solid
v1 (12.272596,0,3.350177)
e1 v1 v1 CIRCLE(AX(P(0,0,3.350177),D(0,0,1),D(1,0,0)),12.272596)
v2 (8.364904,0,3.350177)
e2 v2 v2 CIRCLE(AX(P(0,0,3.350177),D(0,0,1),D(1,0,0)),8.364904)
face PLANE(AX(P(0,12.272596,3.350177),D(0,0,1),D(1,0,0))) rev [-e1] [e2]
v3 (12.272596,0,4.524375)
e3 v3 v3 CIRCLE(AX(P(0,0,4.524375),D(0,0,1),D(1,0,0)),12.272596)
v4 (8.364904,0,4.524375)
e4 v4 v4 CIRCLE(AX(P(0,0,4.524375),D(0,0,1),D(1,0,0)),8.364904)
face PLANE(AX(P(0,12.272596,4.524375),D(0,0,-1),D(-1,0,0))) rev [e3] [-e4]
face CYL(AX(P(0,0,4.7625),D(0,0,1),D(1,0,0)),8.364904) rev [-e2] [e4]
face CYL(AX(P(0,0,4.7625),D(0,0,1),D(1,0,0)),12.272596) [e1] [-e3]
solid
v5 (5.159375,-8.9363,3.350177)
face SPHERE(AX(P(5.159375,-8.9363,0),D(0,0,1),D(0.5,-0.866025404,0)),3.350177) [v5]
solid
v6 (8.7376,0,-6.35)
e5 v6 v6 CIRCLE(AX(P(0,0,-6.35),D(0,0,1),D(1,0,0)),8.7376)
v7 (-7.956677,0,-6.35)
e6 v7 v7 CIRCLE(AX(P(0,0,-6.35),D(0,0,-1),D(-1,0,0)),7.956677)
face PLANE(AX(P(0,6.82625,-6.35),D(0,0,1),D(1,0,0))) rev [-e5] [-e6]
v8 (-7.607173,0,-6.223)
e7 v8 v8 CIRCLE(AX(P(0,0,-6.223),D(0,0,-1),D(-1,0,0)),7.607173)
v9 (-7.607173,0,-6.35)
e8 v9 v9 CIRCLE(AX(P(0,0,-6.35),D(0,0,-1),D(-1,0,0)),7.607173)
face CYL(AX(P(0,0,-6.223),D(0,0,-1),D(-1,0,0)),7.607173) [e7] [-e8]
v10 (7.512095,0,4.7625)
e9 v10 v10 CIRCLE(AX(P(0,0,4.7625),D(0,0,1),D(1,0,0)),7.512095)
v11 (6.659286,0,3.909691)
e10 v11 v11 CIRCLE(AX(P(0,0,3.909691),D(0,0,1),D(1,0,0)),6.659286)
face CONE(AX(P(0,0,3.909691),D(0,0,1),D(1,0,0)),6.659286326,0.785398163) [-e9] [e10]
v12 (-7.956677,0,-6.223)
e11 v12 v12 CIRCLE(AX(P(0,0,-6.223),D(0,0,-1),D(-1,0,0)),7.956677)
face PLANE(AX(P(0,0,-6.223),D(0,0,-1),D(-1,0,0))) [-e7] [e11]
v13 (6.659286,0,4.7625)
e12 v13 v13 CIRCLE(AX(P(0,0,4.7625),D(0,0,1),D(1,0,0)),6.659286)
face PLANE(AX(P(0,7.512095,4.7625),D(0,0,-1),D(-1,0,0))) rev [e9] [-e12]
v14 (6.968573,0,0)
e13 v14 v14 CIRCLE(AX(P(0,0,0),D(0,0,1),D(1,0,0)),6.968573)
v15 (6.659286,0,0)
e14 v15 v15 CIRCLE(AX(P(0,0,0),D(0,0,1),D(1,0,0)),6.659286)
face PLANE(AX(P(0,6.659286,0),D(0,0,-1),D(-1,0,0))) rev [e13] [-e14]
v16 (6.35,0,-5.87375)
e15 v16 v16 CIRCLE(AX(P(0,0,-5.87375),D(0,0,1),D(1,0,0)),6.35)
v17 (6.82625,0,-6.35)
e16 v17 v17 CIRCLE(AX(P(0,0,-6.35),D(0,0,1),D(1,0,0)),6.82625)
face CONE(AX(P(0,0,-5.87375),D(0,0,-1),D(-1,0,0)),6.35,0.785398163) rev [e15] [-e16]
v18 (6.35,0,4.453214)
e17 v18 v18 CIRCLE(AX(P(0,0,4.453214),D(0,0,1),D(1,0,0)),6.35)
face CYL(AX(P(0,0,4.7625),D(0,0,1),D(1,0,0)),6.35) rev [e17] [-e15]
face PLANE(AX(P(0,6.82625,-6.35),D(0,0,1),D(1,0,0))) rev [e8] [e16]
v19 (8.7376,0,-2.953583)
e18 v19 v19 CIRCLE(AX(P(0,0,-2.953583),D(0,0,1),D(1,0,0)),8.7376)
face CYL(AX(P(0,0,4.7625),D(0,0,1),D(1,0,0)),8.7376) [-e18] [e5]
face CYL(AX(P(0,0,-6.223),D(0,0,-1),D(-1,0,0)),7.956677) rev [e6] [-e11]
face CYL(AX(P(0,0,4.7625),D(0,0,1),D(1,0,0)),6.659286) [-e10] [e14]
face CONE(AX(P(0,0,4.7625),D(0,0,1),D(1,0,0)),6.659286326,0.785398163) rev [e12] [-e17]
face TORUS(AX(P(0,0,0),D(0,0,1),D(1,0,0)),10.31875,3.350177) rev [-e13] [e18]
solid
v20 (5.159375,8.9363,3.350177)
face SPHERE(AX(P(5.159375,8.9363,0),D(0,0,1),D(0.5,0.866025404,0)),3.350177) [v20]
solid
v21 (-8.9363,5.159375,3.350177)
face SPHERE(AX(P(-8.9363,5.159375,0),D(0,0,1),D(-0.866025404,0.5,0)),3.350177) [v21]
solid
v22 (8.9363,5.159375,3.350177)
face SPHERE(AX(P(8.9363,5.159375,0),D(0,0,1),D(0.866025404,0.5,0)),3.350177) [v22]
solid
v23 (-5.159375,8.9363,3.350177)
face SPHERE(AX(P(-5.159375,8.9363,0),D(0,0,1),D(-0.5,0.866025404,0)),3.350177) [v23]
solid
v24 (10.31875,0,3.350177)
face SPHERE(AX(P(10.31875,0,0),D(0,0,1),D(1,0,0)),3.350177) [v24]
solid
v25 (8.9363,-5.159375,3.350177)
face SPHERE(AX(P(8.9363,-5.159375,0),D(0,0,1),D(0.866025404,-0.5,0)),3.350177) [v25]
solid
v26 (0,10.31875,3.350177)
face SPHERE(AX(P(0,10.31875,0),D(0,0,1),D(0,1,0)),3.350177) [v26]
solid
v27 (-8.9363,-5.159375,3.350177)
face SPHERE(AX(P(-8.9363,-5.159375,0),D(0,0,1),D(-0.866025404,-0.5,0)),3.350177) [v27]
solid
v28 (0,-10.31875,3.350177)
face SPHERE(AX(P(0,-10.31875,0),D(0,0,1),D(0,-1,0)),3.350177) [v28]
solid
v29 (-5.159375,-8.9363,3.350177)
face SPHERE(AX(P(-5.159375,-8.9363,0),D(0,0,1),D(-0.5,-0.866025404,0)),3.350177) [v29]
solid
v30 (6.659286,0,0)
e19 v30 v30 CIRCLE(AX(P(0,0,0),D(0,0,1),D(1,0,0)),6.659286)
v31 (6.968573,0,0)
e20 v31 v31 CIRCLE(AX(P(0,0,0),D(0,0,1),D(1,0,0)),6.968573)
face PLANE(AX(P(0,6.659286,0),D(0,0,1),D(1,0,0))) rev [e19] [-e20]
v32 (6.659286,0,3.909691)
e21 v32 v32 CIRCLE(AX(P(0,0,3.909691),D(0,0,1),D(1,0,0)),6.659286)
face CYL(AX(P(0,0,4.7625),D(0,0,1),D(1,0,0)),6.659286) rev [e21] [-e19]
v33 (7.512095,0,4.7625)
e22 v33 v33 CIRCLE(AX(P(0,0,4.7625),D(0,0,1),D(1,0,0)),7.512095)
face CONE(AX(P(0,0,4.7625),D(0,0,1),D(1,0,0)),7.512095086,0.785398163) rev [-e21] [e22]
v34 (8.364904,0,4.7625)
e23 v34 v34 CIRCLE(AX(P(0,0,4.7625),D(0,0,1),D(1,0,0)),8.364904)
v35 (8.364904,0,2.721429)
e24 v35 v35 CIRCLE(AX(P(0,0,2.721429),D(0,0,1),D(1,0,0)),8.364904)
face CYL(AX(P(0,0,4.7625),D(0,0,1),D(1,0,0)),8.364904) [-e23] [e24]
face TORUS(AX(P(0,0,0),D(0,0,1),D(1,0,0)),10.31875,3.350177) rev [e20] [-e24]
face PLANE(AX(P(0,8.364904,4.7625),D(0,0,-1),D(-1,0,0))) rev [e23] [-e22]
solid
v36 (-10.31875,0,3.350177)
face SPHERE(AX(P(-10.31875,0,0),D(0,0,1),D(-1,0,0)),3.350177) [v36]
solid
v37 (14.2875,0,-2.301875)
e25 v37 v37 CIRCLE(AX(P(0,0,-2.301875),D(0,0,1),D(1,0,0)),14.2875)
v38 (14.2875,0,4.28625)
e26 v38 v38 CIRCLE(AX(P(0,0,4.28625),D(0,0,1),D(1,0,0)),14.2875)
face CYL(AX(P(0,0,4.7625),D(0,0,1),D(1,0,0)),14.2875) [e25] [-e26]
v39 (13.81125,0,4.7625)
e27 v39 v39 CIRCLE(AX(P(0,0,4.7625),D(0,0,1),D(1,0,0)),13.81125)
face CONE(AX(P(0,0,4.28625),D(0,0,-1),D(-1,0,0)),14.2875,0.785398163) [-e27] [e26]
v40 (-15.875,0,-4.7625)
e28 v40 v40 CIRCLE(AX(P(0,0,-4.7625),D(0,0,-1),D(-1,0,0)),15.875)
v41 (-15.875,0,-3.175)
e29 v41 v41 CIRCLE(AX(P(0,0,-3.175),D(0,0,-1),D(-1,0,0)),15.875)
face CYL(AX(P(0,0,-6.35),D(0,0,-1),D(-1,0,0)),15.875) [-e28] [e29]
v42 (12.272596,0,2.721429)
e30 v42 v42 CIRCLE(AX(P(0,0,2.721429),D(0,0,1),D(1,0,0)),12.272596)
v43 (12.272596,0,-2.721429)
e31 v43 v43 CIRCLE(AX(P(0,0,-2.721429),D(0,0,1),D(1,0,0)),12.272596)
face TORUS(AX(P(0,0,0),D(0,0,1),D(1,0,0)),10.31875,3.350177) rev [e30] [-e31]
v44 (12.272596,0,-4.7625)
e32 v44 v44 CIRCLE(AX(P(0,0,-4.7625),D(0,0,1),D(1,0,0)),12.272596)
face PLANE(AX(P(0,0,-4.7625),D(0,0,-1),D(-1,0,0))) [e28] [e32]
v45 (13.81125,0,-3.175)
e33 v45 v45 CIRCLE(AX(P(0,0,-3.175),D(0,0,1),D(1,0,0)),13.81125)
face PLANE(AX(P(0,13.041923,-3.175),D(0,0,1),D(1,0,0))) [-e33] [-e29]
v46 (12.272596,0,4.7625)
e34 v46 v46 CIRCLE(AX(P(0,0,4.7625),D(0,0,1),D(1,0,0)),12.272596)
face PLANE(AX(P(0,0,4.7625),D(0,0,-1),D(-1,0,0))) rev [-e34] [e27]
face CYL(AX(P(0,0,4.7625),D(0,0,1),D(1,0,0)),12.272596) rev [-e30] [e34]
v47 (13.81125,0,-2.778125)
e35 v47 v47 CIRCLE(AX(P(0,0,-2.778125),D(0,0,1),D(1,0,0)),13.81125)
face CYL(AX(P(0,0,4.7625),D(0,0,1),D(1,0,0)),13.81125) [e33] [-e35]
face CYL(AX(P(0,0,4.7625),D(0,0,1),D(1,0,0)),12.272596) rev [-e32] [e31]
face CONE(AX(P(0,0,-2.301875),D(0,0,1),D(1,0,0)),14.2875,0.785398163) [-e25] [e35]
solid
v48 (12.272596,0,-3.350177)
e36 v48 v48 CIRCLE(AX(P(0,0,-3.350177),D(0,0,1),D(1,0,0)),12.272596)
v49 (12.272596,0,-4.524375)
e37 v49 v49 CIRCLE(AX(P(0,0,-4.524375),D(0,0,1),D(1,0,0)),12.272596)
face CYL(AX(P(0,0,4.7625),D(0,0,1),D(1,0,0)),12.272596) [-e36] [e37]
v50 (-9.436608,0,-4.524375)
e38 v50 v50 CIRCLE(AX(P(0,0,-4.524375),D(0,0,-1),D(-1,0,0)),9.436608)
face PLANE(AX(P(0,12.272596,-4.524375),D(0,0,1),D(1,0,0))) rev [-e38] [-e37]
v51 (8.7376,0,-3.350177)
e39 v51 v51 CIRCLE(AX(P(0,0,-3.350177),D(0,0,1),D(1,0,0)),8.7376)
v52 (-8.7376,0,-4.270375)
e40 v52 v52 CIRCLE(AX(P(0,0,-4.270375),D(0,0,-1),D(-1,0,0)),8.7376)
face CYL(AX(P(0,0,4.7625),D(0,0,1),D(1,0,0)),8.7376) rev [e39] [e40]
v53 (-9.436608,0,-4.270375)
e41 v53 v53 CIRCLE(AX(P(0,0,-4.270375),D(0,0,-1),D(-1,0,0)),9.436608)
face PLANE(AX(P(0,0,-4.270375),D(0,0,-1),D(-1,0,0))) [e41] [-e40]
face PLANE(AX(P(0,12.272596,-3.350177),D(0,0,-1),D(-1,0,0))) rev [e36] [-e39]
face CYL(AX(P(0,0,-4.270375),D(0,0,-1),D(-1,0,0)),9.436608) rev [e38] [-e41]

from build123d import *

# Parameters (mm, degrees)
SKETCH5_W          = 1.5875
SKETCH5_H          = 2.833076923
CIRPATTERN1_COUNT  = 12
SKETCH7_W          = 1.174197652
SKETCH7_H          = 3.907692308
SKETCH7_H_2        = 3.534996154
SKETCH9_R          = 7.956677
SKETCH9_R_2        = 7.607173
CUT_EXTRUDE1_DEPTH = 0.127
SKETCH10_R         = 9.436608
SKETCH10_R_2       = 8.7376
CUT_EXTRUDE2_DEPTH = 0.254


with BuildPart() as part:
    # Sketch8 → Revolve7 (revolve)
    with BuildSketch(Plane(origin=(0, 0, 0), x_dir=(0, 0, -1), z_dir=(1, 0, 0))):
        with BuildLine():
            Line((4.7625, 13.81125), (4.28625, 14.2875))
            Line((4.28625, 14.2875), (-4.28625, 14.2875))
            Line((-4.28625, 14.2875), (-4.7625, 13.81125))
            Line((-4.7625, 13.81125), (-4.7625, 12.272596154))
            Line((-4.7625, 12.272596154), (-2.721428571, 12.272596154))
            ThreePointArc((-2.721428571, 12.272596154), (0, 13.668927348), (2.721428571, 12.272596154))
            Line((2.721428571, 12.272596154), (4.7625, 12.272596154))
            Line((4.7625, 12.272596154), (4.7625, 13.81125))
        make_face()
    revolve(axis=Axis((0, 0, 4.7625), (0, 0, -1)))

    # Sketch5 → Revolve5 (revolve)
    with BuildSketch(Plane(origin=(0, 0, 0), x_dir=(0, 0, -1), z_dir=(1, 0, 0))):
        with Locations((3.96875, 14.458461539)):
            Rectangle(SKETCH5_W, SKETCH5_H)
    revolve(axis=Axis((0, 0, -6.35), (0, 0, 1)))

    # Sketch6 → Cut-Revolve1 (revolve, cut)
    with BuildSketch(Plane(origin=(0, 0, 0), x_dir=(0, 0, -1), z_dir=(1, 0, 0))):
        Polygon((2.301875, 14.2875), (2.778125, 13.81125), (3.175, 13.81125), (3.175, 14.2875), align=None)
    revolve(axis=Axis((0, 0, 4.7625), (0, 0, -1)), mode=Mode.SUBTRACT)


with BuildPart() as body_2:
    # Sketch2 → Revolve2 (revolve)
    with BuildSketch(Plane(origin=(0, 0, 0), x_dir=(0, 0, -1), z_dir=(1, 0, 0))):
        with BuildLine():
            Line((-4.7625, 8.364903846), (-2.721428571, 8.364903846))
            ThreePointArc((-2.721428571, 8.364903846), (-1.529371952, 7.338026985), (0, 6.968572652))
            Line((0, 6.968572652), (0, 6.659286326))
            Line((0, 6.659286326), (-3.90969124, 6.659286326))
            Line((-3.90969124, 6.659286326), (-4.7625, 7.512095086))
            Line((-4.7625, 7.512095086), (-4.7625, 8.364903846))
        make_face()
    revolve(axis=Axis((0, 0, 4.7625), (0, 0, -1)))


with BuildPart() as body_3:
    # Sketch3 → Revolve3 (revolve)
    with BuildSketch(Plane(origin=(0, 0, 0), x_dir=(0, 0, -1), z_dir=(1, 0, 0))):
        with BuildLine():
            Line((-4.7625, 7.512095086), (-3.90969124, 6.659286326))
            Line((-3.90969124, 6.659286326), (0, 6.659286326))
            Line((0, 6.659286326), (0, 6.968572652))
            ThreePointArc((0, 6.968572652), (1.721417345, 7.444656997), (2.953583068, 8.7376))
            Line((2.953583068, 8.7376), (6.35, 8.7376))
            Line((6.35, 8.7376), (6.35, 6.82625))
            Line((6.35, 6.82625), (5.87375, 6.35))
            Line((5.87375, 6.35), (-4.453213674, 6.35))
            Line((-4.453213674, 6.35), (-4.7625, 6.659286326))
            Line((-4.7625, 6.659286326), (-4.7625, 7.512095086))
        make_face()
    revolve(axis=Axis((0, 0, 4.7625), (0, 0, -1)))

    # Sketch9 → Cut-Extrude1 (cut)
    with BuildSketch(Plane(origin=(0, 0, -6.35), x_dir=(-1, 0, 0), z_dir=(0, 0, -1))):
        Circle(SKETCH9_R)
        Circle(SKETCH9_R_2, mode=Mode.SUBTRACT)
    extrude(amount=-CUT_EXTRUDE1_DEPTH, mode=Mode.SUBTRACT)


with BuildPart() as body_4:
    # Sketch4 → Revolve4 (revolve)
    with BuildSketch(Plane(origin=(0, 0, 0), x_dir=(0, 0, -1), z_dir=(1, 0, 0))):
        with BuildLine():
            Line((-3.350177348, 10.31875), (3.350177348, 10.31875))
            ThreePointArc((3.350177348, 10.31875), (0, 13.668927348), (-3.350177348, 10.31875))
        make_face()
    revolve(axis=Axis((0, 10.31875, 3.350177348), (0, 0, -1)))


with BuildPart() as cirpattern1_1:
    # CirPattern1: pattern copy
    add(body_4.part.rotate(Axis((0, 0, 4.7625), (0, 0, -1)), 1 * 360 / CIRPATTERN1_COUNT))


with BuildPart() as cirpattern1_2:
    # CirPattern1: pattern copy
    add(body_4.part.rotate(Axis((0, 0, 4.7625), (0, 0, -1)), 2 * 360 / CIRPATTERN1_COUNT))


with BuildPart() as cirpattern1_3:
    # CirPattern1: pattern copy
    add(body_4.part.rotate(Axis((0, 0, 4.7625), (0, 0, -1)), 3 * 360 / CIRPATTERN1_COUNT))


with BuildPart() as cirpattern1_4:
    # CirPattern1: pattern copy
    add(body_4.part.rotate(Axis((0, 0, 4.7625), (0, 0, -1)), 4 * 360 / CIRPATTERN1_COUNT))


with BuildPart() as cirpattern1_5:
    # CirPattern1: pattern copy
    add(body_4.part.rotate(Axis((0, 0, 4.7625), (0, 0, -1)), 5 * 360 / CIRPATTERN1_COUNT))


with BuildPart() as cirpattern1_6:
    # CirPattern1: pattern copy
    add(body_4.part.rotate(Axis((0, 0, 4.7625), (0, 0, -1)), 6 * 360 / CIRPATTERN1_COUNT))


with BuildPart() as cirpattern1_7:
    # CirPattern1: pattern copy
    add(body_4.part.rotate(Axis((0, 0, 4.7625), (0, 0, -1)), 7 * 360 / CIRPATTERN1_COUNT))


with BuildPart() as cirpattern1_8:
    # CirPattern1: pattern copy
    add(body_4.part.rotate(Axis((0, 0, 4.7625), (0, 0, -1)), 8 * 360 / CIRPATTERN1_COUNT))


with BuildPart() as cirpattern1_9:
    # CirPattern1: pattern copy
    add(body_4.part.rotate(Axis((0, 0, 4.7625), (0, 0, -1)), 9 * 360 / CIRPATTERN1_COUNT))


with BuildPart() as cirpattern1_10:
    # CirPattern1: pattern copy
    add(body_4.part.rotate(Axis((0, 0, 4.7625), (0, 0, -1)), 10 * 360 / CIRPATTERN1_COUNT))


with BuildPart() as cirpattern1_11:
    # CirPattern1: pattern copy
    add(body_4.part.rotate(Axis((0, 0, 4.7625), (0, 0, -1)), 11 * 360 / CIRPATTERN1_COUNT))


with BuildPart() as body_16:
    # Sketch7 → Revolve6 (revolve)
    with BuildSketch(Plane(origin=(0, 0, 0), x_dir=(0, 0, -1), z_dir=(1, 0, 0))):
        with Locations((-3.937276174, 10.31875)):
            Rectangle(SKETCH7_W, SKETCH7_H)
        with Locations((3.937276174, 10.505098077)):
            Rectangle(SKETCH7_W, SKETCH7_H_2)
    revolve(axis=Axis((0, 0, 4.7625), (0, 0, -1)))

    # Sketch10 → Cut-Extrude2 (cut)
    with BuildSketch(Plane(origin=(0, 0, -4.524375), x_dir=(-1, 0, 0), z_dir=(0, 0, -1))):
        Circle(SKETCH10_R)
        Circle(SKETCH10_R_2, mode=Mode.SUBTRACT)
    extrude(amount=-CUT_EXTRUDE2_DEPTH, mode=Mode.SUBTRACT)


solid = Compound([part.part, body_2.part, body_3.part, body_4.part, cirpattern1_1.part, cirpattern1_2.part, cirpattern1_3.part, cirpattern1_4.part, cirpattern1_5.part, cirpattern1_6.part, cirpattern1_7.part, cirpattern1_8.part, cirpattern1_9.part, cirpattern1_10.part, cirpattern1_11.part, body_16.part])
